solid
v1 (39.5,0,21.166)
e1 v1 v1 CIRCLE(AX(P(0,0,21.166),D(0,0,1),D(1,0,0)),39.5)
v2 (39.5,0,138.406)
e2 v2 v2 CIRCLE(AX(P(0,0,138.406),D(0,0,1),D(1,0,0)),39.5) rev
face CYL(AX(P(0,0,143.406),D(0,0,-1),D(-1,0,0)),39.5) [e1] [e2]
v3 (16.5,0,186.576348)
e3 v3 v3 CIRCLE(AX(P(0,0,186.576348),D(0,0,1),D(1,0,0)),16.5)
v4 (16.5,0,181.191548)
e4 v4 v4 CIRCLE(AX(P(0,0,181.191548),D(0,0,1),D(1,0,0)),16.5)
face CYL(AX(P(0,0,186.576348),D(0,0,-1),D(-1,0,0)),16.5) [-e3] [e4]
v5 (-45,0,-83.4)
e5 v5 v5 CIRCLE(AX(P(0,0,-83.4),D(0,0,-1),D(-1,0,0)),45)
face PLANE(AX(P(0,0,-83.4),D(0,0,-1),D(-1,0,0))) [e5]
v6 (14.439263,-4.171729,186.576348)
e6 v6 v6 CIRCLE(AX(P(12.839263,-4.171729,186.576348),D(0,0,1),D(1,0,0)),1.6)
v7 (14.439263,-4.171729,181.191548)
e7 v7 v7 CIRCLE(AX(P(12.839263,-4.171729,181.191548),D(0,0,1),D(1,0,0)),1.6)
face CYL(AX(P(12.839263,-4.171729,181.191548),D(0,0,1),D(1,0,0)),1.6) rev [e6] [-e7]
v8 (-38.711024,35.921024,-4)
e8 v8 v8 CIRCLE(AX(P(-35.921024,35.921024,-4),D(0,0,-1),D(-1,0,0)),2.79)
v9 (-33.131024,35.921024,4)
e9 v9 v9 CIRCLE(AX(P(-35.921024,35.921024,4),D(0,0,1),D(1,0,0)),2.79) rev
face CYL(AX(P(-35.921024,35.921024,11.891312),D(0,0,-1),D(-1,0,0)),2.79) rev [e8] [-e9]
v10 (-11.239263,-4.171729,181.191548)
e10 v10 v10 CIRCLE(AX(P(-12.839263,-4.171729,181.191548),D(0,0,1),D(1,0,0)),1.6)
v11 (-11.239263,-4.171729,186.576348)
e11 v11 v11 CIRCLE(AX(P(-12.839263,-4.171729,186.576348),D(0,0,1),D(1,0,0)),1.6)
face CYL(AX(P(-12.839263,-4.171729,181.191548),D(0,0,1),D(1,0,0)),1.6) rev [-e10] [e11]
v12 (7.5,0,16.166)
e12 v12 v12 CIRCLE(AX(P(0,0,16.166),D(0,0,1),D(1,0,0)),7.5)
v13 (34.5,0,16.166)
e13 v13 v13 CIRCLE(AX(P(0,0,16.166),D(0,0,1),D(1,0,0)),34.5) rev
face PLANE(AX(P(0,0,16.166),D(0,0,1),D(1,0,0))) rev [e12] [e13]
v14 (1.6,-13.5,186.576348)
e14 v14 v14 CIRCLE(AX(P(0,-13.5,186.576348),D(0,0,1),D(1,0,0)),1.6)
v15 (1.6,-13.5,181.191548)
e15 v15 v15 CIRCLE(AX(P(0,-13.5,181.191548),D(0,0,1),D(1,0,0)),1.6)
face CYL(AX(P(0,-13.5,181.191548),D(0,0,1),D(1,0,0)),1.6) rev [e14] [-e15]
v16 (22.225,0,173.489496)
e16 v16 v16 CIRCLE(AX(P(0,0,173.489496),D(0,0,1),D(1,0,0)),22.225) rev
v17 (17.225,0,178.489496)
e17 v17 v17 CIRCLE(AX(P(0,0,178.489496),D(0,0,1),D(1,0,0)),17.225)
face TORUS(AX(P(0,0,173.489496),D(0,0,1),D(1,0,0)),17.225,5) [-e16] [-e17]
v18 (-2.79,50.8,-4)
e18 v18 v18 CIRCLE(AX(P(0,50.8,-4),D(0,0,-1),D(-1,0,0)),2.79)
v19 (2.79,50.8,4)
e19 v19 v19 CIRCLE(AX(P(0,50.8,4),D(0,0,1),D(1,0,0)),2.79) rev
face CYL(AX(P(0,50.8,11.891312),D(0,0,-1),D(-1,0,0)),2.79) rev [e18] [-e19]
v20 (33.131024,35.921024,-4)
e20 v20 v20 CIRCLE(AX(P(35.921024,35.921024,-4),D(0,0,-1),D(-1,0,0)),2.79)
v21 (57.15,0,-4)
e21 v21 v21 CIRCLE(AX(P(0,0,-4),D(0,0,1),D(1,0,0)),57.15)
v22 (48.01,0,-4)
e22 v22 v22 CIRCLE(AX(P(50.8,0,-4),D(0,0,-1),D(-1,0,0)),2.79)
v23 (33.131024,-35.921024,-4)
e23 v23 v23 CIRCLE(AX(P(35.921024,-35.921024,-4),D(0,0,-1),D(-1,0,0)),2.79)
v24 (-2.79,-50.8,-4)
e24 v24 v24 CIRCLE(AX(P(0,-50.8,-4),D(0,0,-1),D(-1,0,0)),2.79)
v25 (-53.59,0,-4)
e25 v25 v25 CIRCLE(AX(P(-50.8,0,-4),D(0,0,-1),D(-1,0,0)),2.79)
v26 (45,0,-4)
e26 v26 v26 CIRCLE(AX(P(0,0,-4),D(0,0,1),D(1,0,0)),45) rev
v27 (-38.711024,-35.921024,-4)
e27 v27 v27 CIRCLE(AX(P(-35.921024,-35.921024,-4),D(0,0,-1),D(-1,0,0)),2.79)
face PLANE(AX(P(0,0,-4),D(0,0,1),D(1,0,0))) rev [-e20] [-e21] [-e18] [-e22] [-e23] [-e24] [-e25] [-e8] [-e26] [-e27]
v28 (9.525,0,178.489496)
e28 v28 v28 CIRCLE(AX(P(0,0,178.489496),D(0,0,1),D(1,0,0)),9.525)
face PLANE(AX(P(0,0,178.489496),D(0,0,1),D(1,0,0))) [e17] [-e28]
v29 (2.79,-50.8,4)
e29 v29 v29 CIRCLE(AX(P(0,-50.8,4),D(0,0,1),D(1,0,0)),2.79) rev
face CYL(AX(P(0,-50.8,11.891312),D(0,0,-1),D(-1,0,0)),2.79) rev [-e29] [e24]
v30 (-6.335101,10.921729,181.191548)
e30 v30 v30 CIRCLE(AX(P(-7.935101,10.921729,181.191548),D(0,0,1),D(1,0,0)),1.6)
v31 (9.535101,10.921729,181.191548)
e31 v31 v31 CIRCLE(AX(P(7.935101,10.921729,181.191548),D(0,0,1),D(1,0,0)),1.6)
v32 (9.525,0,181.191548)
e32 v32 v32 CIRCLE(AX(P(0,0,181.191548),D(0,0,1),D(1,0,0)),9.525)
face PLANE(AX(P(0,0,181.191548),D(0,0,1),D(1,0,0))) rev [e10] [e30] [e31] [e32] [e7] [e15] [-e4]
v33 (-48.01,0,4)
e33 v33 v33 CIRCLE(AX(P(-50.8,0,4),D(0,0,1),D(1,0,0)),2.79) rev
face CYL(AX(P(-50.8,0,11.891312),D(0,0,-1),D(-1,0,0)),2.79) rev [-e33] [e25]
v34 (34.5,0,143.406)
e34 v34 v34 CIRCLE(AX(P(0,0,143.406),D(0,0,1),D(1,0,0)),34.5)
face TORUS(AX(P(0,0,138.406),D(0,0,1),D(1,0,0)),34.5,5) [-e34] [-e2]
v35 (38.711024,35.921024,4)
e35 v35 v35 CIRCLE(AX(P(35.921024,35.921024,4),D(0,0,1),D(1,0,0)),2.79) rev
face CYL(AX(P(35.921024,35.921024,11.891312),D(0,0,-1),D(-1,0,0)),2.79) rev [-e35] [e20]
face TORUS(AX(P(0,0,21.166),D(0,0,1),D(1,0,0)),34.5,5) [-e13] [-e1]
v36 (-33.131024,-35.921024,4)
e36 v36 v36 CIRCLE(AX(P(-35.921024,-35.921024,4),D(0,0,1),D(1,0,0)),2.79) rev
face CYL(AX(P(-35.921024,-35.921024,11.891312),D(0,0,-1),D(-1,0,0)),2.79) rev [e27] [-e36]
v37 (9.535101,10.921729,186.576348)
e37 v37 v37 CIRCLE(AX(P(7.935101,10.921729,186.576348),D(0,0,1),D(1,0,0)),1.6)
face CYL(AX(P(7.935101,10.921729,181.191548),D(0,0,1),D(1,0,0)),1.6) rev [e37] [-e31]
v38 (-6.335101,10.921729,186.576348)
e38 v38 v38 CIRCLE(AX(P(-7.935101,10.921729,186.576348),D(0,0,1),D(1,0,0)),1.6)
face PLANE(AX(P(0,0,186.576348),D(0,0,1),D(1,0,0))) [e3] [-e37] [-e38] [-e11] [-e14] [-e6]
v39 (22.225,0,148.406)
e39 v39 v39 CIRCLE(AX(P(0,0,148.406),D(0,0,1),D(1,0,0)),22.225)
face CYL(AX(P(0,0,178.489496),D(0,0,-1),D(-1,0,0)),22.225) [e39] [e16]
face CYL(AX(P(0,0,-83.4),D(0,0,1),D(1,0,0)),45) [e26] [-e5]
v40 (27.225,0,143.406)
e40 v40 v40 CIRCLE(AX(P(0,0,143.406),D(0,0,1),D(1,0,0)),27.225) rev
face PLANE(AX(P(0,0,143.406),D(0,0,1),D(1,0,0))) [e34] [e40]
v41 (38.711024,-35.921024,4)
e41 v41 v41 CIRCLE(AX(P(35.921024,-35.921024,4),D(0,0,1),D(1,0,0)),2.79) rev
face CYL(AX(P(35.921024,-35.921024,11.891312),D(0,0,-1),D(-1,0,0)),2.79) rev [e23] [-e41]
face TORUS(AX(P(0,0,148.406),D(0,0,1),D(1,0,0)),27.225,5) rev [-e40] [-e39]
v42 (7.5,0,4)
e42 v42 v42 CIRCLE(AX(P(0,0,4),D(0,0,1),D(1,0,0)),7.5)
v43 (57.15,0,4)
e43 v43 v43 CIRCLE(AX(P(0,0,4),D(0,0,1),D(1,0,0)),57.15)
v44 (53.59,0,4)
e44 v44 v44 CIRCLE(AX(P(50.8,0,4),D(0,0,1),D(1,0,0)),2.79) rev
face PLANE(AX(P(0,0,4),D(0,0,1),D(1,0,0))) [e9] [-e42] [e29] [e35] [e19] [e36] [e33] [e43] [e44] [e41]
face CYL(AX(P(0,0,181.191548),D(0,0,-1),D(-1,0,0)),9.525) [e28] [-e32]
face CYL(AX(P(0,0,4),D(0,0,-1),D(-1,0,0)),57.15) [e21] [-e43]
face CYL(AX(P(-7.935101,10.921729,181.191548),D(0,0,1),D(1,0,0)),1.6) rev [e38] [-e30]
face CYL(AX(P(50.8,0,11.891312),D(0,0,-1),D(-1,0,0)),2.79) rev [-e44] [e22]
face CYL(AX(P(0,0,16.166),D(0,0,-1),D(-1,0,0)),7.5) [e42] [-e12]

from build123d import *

# Parameters (mm, degrees)
SKETCH1_R          = 57.15
EXTRUDE1_DEPTH     = 4
SKETCH3_R          = 7.5
EXTRUDE2_DEPTH     = 12.166
SKETCH4_R          = 39.5
EXTRUDE3_DEPTH     = 127.24
SKETCH5_R          = 22.225
EXTRUDE4_DEPTH     = 35.083496
SKETCH6_R          = 9.525
EXTRUDE5_DEPTH     = 2.702052
SKETCH7_R          = 16.5
EXTRUDE6_DEPTH     = 5.3848
SKETCH8_R          = 1.6
CUT_EXTRUDE1_DEPTH = 5.3848
SKETCH10_R         = 2.79
CUT_EXTRUDE2_DEPTH = 8
SKETCH11_R         = 45
EXTRUDE7_DEPTH     = 79.4
FILLET1_R          = 5


with BuildPart() as part:
    # Sketch1 → Extrude1 (new body, symmetric)
    with BuildSketch(Plane.XY):
        Circle(SKETCH1_R)
    extrude(amount=EXTRUDE1_DEPTH, both=True)

    # Sketch3 → Extrude2 (add)
    with BuildSketch(Plane.XY.offset(4)):
        Circle(SKETCH3_R)
    extrude(amount=EXTRUDE2_DEPTH)

    # Sketch4 → Extrude3 (add)
    with BuildSketch(Plane.XY.offset(16.166)):
        Circle(SKETCH4_R)
    extrude(amount=EXTRUDE3_DEPTH)

    # Sketch5 → Extrude4 (add)
    with BuildSketch(Plane.XY.offset(143.406)):
        Circle(SKETCH5_R)
    extrude(amount=EXTRUDE4_DEPTH)

    # Sketch6 → Extrude5 (add)
    with BuildSketch(Plane.XY.offset(178.489496)):
        Circle(SKETCH6_R)
    extrude(amount=EXTRUDE5_DEPTH)

    # Sketch7 → Extrude6 (add)
    with BuildSketch(Plane.XY.offset(181.191548)):
        Circle(SKETCH7_R)
    extrude(amount=EXTRUDE6_DEPTH)

    # Sketch8 → Cut-Extrude1 (cut)
    with BuildSketch(Plane.XY.offset(186.576348)):
        with Locations((-7.935100906, 10.921729424)):
            Circle(SKETCH8_R)
        with Locations((7.935100906, 10.921729424)):
            Circle(SKETCH8_R)
        with Locations((12.83926297, -4.171729424)):
            Circle(SKETCH8_R)
        with Locations((0, -13.5)):
            Circle(SKETCH8_R)
        with Locations((-12.83926297, -4.171729424)):
            Circle(SKETCH8_R)
    extrude(amount=-CUT_EXTRUDE1_DEPTH, mode=Mode.SUBTRACT)

    # Sketch10 → Cut-Extrude2 (cut)
    with BuildSketch(Plane(origin=(0, 0, -4), x_dir=(-1, 0, 0), z_dir=(0, 0, -1))):
        with Locations((0, 50.8)):
            Circle(SKETCH10_R)
        with Locations((35.921024484, 35.921024484)):
            Circle(SKETCH10_R)
        with Locations((50.8, 0)):
            Circle(SKETCH10_R)
        with Locations((35.921024484, -35.921024484)):
            Circle(SKETCH10_R)
        with Locations((0, -50.8)):
            Circle(SKETCH10_R)
        with Locations((-35.921024484, -35.921024484)):
            Circle(SKETCH10_R)
        with Locations((-50.8, 0)):
            Circle(SKETCH10_R)
        with Locations((-35.921024484, 35.921024484)):
            Circle(SKETCH10_R)
    extrude(amount=-CUT_EXTRUDE2_DEPTH, mode=Mode.SUBTRACT)

    # Sketch11 → Extrude7 (add)
    with BuildSketch(Plane(origin=(0, 0, -4), x_dir=(-1, 0, 0), z_dir=(0, 0, -1))):
        with Locations(Location((0, 0, 0), (0, 0, 180))):  # turned: the seam where the file's is
            Circle(SKETCH11_R)
    extrude(amount=EXTRUDE7_DEPTH)

    # Fillet1
    fillet1_edges = [part.edges().sort_by_distance(p)[0] for p in [
        (-39.5, 0, 143.406),
        (-22.225, 0, 143.406),
        (-22.225, 0, 178.489496),
        (-39.5, 0, 16.166),
    ]]
    fillet(fillet1_edges, radius=FILLET1_R)


solid = part.part
